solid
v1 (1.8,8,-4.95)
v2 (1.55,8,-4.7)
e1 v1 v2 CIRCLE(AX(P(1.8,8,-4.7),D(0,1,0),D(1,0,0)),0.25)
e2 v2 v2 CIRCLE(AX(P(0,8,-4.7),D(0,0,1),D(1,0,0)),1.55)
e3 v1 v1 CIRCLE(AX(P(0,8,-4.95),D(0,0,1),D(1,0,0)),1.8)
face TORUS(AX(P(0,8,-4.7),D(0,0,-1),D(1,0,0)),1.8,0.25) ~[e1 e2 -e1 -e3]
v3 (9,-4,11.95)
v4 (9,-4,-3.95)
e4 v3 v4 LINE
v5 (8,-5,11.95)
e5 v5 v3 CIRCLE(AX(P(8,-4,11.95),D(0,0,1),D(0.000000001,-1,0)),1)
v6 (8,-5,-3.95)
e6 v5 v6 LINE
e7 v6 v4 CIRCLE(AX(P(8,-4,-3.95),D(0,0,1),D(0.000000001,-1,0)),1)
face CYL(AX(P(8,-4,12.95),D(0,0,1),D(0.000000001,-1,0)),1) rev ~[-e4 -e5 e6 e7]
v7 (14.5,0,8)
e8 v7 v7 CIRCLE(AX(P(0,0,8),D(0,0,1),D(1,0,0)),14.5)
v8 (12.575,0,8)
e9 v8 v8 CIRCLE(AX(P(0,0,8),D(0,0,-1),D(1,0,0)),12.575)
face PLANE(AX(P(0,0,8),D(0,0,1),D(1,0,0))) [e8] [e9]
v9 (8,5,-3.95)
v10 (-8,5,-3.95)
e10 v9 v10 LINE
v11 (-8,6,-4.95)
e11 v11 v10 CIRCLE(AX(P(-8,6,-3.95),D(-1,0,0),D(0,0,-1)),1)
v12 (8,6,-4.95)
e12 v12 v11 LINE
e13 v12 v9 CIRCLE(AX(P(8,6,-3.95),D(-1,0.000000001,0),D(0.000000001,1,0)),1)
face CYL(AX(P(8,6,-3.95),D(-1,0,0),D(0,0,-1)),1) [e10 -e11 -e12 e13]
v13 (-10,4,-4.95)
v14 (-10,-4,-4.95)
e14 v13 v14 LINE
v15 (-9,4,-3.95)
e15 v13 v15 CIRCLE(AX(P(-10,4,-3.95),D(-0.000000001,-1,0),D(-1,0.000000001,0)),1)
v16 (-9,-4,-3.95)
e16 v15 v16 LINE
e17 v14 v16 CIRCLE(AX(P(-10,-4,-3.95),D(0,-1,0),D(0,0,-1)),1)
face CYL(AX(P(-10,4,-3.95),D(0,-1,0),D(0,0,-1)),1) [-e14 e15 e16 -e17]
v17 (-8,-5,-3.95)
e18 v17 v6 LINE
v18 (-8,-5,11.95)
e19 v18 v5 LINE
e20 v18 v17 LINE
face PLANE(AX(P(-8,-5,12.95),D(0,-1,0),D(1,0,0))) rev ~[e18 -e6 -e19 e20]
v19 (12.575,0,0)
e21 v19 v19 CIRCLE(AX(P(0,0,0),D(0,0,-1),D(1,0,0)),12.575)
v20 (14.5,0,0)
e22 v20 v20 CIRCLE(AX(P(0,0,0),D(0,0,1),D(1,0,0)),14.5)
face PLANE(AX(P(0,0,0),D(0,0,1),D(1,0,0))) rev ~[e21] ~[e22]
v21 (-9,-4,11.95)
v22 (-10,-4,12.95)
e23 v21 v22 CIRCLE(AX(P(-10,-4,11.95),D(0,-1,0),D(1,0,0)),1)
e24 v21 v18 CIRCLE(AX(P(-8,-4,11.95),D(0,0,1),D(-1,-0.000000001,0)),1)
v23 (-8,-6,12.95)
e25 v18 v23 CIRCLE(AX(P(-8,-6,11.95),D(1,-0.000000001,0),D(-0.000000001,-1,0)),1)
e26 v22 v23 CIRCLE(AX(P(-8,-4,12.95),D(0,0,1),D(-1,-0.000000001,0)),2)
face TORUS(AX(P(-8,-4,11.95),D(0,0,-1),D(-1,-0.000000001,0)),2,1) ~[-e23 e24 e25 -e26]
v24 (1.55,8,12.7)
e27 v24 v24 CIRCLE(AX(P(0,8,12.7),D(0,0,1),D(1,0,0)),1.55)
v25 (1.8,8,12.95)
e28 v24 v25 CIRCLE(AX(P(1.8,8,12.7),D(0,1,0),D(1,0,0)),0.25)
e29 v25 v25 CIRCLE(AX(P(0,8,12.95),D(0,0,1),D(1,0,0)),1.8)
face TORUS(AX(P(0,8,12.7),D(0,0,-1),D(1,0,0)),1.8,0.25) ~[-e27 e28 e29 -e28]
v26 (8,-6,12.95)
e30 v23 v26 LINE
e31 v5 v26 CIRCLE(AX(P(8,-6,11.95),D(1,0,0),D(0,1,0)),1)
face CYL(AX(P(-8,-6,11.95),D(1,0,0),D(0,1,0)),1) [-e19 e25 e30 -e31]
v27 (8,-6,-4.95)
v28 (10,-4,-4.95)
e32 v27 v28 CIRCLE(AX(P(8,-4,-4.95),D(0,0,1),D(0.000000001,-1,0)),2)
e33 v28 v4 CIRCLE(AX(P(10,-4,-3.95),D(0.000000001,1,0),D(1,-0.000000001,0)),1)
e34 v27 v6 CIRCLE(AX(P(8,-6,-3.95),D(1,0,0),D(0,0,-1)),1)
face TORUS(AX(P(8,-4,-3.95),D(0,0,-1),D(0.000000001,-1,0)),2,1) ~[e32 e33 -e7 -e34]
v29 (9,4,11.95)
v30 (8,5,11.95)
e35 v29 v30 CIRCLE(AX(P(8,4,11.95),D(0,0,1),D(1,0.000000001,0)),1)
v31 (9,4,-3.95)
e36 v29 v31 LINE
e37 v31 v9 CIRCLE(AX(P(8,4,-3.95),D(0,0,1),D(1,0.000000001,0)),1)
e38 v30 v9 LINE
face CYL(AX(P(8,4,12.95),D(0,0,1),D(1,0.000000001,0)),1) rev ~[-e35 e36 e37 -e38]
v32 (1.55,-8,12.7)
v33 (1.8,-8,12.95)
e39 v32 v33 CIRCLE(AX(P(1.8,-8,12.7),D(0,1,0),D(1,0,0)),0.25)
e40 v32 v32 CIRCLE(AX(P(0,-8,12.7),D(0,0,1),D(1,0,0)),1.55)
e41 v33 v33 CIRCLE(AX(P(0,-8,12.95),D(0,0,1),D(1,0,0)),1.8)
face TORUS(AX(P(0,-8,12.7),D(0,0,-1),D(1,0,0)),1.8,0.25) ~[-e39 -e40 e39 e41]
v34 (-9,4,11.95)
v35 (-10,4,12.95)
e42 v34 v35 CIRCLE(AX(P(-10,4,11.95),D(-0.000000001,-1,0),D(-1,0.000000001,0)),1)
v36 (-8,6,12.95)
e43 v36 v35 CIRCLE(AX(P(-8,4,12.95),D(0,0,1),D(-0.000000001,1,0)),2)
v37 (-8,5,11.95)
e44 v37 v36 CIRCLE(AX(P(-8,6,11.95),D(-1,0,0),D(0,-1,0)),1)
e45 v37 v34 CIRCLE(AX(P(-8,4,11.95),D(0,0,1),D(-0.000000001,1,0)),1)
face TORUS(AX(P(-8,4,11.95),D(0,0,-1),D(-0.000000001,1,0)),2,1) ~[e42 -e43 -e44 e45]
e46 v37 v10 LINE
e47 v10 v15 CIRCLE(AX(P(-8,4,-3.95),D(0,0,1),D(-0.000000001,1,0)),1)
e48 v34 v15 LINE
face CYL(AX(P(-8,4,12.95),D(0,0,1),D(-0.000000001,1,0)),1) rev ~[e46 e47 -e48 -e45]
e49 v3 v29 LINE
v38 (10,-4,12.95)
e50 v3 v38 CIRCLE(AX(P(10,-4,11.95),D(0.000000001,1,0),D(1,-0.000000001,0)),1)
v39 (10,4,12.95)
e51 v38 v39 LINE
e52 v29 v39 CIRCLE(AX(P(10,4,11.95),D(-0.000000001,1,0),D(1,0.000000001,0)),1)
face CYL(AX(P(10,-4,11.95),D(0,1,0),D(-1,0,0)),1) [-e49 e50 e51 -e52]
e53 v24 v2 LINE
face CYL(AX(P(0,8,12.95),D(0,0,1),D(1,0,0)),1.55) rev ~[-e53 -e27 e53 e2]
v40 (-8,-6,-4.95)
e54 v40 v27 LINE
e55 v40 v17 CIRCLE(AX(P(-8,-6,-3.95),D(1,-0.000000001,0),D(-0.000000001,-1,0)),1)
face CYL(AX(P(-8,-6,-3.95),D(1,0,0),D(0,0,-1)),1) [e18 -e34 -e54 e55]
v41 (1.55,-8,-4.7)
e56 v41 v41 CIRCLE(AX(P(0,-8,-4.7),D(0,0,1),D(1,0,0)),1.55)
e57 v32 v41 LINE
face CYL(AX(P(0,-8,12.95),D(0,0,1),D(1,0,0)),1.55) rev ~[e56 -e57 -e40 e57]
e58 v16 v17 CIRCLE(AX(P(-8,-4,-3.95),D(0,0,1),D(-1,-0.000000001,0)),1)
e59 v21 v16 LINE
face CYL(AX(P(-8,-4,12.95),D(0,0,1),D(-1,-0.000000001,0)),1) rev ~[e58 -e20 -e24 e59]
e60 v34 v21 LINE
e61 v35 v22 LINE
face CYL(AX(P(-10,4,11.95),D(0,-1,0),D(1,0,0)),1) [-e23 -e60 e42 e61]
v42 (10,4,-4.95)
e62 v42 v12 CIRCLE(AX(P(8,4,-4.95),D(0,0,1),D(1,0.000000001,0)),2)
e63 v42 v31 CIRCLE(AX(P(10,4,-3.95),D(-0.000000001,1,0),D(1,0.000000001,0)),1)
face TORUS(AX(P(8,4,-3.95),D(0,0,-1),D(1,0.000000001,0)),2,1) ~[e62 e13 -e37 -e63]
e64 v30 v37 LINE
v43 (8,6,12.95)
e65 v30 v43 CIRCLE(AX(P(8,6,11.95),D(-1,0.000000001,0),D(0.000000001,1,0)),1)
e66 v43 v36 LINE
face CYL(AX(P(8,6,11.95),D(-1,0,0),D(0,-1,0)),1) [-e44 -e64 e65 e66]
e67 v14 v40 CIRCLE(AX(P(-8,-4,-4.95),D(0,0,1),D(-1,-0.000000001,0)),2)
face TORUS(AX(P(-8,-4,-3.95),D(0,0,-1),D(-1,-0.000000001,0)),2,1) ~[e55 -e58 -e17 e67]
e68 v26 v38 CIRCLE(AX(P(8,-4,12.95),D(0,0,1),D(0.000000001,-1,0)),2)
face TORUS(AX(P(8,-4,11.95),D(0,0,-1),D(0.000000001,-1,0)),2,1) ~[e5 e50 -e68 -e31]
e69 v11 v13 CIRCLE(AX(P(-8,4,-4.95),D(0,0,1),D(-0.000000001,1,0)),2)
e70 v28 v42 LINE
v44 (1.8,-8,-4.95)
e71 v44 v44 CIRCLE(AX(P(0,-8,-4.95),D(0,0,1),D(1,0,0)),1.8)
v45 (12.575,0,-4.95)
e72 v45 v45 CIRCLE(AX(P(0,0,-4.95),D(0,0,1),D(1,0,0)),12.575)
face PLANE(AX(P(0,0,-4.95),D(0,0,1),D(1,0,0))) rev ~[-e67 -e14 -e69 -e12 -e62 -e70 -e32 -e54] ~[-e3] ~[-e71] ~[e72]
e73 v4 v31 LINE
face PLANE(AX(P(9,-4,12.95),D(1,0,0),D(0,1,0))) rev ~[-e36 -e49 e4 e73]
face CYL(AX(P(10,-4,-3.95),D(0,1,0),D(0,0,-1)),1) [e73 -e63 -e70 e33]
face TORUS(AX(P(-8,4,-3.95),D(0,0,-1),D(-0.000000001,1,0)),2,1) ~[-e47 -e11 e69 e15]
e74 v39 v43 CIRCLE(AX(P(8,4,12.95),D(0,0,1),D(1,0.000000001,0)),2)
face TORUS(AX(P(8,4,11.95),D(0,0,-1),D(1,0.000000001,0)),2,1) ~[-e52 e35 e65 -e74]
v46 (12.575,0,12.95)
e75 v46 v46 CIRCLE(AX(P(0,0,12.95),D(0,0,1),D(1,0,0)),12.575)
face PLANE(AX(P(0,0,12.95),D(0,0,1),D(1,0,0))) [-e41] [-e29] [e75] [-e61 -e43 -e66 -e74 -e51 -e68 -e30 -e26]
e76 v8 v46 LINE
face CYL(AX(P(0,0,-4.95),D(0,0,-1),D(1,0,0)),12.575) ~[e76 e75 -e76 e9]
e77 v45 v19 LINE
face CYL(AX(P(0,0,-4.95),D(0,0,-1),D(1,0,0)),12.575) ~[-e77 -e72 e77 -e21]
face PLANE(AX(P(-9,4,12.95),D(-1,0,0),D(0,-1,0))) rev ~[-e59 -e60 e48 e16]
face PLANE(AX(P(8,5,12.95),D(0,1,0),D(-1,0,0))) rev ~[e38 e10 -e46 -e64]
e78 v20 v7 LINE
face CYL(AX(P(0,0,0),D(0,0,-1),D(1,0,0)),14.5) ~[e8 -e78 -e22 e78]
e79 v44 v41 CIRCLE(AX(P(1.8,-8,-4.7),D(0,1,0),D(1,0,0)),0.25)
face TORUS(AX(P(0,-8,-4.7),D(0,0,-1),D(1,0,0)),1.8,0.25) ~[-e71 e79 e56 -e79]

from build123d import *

# Parameters (mm, degrees)
ESQUISSE1_R             = 14.5
BOSS_EXTRU_1_DEPTH      = 8
BOSS_EXTRU_2_DEPTH      = 4.95
BOSS_EXTRU_2_DEPTH_BACK = 12.95
ESQUISSE2_R             = 12.575
ESQUISSE3_R             = 1.55
ENL_V_MAT_EXTRU_1_DEPTH = 28.219662011
CONG_1_R                = 1
CONG_2_R                = 0.25


with BuildPart() as part:
    # Esquisse1 → Boss.-Extru.1 (new body)
    with BuildSketch(Plane.XY):
        Circle(ESQUISSE1_R)
    extrude(amount=BOSS_EXTRU_1_DEPTH)

    # Esquisse2 → Boss.-Extru.2 (add, two sides: drawn at the far end of the back side and taken through both)
    with BuildSketch(Plane.XY.offset(8).offset(-BOSS_EXTRU_2_DEPTH_BACK)):
        Circle(ESQUISSE2_R)
    extrude(amount=BOSS_EXTRU_2_DEPTH + BOSS_EXTRU_2_DEPTH_BACK)

    # Esquisse3 → Enlèv. mat.-Extru.1 (cut, through all)
    with BuildSketch(Plane.XY.offset(12.95)):
        with Locations((0, 8)):
            Circle(ESQUISSE3_R)
        with Locations((0, -8)):
            Circle(ESQUISSE3_R)
        with BuildLine():
            Line((-8, -5), (8, -5))
            ThreePointArc((8, -5), (8.707106781, -4.707106781), (9, -4))
            Line((9, -4), (9, 4))
            ThreePointArc((9, 4), (8.707106781, 4.707106781), (8, 5))
            Line((8, 5), (-8, 5))
            ThreePointArc((-8, 5), (-8.707106781, 4.707106781), (-9, 4))
            Line((-9, 4), (-9, -4))
            ThreePointArc((-9, -4), (-8.707106781, -4.707106781), (-8, -5))
        make_face()
    extrude(amount=-ENL_V_MAT_EXTRU_1_DEPTH, mode=Mode.SUBTRACT)

    # Congé1
    cong_1_edges = [part.edges().sort_by_distance(p)[0] for p in [
        (8.707106781, 4.707106781, -4.95),
        (9, 0, -4.95),
        (8.707106781, -4.707106781, -4.95),
        (0, -5, -4.95),
        (-8.707106781, -4.707106781, -4.95),
        (-9, 0, -4.95),
        (-8.707106781, 4.707106781, -4.95),
        (0, 5, -4.95),
        (8.707106781, 4.707106781, 12.95),
        (0, 5, 12.95),
        (-8.707106781, 4.707106781, 12.95),
        (-9, 0, 12.95),
        (-8.707106781, -4.707106781, 12.95),
        (0, -5, 12.95),
        (8.707106781, -4.707106781, 12.95),
        (9, 0, 12.95),
    ]]
    fillet(cong_1_edges, radius=CONG_1_R)

    # Congé2
    cong_2_edges = [part.edges().sort_by_distance(p)[0] for p in [
        (-1.55, -8, -4.95),
        (-1.55, -8, 12.95),
        (-1.55, 8, -4.95),
        (-1.55, 8, 12.95),
    ]]
    fillet(cong_2_edges, radius=CONG_2_R)


solid = part.part
